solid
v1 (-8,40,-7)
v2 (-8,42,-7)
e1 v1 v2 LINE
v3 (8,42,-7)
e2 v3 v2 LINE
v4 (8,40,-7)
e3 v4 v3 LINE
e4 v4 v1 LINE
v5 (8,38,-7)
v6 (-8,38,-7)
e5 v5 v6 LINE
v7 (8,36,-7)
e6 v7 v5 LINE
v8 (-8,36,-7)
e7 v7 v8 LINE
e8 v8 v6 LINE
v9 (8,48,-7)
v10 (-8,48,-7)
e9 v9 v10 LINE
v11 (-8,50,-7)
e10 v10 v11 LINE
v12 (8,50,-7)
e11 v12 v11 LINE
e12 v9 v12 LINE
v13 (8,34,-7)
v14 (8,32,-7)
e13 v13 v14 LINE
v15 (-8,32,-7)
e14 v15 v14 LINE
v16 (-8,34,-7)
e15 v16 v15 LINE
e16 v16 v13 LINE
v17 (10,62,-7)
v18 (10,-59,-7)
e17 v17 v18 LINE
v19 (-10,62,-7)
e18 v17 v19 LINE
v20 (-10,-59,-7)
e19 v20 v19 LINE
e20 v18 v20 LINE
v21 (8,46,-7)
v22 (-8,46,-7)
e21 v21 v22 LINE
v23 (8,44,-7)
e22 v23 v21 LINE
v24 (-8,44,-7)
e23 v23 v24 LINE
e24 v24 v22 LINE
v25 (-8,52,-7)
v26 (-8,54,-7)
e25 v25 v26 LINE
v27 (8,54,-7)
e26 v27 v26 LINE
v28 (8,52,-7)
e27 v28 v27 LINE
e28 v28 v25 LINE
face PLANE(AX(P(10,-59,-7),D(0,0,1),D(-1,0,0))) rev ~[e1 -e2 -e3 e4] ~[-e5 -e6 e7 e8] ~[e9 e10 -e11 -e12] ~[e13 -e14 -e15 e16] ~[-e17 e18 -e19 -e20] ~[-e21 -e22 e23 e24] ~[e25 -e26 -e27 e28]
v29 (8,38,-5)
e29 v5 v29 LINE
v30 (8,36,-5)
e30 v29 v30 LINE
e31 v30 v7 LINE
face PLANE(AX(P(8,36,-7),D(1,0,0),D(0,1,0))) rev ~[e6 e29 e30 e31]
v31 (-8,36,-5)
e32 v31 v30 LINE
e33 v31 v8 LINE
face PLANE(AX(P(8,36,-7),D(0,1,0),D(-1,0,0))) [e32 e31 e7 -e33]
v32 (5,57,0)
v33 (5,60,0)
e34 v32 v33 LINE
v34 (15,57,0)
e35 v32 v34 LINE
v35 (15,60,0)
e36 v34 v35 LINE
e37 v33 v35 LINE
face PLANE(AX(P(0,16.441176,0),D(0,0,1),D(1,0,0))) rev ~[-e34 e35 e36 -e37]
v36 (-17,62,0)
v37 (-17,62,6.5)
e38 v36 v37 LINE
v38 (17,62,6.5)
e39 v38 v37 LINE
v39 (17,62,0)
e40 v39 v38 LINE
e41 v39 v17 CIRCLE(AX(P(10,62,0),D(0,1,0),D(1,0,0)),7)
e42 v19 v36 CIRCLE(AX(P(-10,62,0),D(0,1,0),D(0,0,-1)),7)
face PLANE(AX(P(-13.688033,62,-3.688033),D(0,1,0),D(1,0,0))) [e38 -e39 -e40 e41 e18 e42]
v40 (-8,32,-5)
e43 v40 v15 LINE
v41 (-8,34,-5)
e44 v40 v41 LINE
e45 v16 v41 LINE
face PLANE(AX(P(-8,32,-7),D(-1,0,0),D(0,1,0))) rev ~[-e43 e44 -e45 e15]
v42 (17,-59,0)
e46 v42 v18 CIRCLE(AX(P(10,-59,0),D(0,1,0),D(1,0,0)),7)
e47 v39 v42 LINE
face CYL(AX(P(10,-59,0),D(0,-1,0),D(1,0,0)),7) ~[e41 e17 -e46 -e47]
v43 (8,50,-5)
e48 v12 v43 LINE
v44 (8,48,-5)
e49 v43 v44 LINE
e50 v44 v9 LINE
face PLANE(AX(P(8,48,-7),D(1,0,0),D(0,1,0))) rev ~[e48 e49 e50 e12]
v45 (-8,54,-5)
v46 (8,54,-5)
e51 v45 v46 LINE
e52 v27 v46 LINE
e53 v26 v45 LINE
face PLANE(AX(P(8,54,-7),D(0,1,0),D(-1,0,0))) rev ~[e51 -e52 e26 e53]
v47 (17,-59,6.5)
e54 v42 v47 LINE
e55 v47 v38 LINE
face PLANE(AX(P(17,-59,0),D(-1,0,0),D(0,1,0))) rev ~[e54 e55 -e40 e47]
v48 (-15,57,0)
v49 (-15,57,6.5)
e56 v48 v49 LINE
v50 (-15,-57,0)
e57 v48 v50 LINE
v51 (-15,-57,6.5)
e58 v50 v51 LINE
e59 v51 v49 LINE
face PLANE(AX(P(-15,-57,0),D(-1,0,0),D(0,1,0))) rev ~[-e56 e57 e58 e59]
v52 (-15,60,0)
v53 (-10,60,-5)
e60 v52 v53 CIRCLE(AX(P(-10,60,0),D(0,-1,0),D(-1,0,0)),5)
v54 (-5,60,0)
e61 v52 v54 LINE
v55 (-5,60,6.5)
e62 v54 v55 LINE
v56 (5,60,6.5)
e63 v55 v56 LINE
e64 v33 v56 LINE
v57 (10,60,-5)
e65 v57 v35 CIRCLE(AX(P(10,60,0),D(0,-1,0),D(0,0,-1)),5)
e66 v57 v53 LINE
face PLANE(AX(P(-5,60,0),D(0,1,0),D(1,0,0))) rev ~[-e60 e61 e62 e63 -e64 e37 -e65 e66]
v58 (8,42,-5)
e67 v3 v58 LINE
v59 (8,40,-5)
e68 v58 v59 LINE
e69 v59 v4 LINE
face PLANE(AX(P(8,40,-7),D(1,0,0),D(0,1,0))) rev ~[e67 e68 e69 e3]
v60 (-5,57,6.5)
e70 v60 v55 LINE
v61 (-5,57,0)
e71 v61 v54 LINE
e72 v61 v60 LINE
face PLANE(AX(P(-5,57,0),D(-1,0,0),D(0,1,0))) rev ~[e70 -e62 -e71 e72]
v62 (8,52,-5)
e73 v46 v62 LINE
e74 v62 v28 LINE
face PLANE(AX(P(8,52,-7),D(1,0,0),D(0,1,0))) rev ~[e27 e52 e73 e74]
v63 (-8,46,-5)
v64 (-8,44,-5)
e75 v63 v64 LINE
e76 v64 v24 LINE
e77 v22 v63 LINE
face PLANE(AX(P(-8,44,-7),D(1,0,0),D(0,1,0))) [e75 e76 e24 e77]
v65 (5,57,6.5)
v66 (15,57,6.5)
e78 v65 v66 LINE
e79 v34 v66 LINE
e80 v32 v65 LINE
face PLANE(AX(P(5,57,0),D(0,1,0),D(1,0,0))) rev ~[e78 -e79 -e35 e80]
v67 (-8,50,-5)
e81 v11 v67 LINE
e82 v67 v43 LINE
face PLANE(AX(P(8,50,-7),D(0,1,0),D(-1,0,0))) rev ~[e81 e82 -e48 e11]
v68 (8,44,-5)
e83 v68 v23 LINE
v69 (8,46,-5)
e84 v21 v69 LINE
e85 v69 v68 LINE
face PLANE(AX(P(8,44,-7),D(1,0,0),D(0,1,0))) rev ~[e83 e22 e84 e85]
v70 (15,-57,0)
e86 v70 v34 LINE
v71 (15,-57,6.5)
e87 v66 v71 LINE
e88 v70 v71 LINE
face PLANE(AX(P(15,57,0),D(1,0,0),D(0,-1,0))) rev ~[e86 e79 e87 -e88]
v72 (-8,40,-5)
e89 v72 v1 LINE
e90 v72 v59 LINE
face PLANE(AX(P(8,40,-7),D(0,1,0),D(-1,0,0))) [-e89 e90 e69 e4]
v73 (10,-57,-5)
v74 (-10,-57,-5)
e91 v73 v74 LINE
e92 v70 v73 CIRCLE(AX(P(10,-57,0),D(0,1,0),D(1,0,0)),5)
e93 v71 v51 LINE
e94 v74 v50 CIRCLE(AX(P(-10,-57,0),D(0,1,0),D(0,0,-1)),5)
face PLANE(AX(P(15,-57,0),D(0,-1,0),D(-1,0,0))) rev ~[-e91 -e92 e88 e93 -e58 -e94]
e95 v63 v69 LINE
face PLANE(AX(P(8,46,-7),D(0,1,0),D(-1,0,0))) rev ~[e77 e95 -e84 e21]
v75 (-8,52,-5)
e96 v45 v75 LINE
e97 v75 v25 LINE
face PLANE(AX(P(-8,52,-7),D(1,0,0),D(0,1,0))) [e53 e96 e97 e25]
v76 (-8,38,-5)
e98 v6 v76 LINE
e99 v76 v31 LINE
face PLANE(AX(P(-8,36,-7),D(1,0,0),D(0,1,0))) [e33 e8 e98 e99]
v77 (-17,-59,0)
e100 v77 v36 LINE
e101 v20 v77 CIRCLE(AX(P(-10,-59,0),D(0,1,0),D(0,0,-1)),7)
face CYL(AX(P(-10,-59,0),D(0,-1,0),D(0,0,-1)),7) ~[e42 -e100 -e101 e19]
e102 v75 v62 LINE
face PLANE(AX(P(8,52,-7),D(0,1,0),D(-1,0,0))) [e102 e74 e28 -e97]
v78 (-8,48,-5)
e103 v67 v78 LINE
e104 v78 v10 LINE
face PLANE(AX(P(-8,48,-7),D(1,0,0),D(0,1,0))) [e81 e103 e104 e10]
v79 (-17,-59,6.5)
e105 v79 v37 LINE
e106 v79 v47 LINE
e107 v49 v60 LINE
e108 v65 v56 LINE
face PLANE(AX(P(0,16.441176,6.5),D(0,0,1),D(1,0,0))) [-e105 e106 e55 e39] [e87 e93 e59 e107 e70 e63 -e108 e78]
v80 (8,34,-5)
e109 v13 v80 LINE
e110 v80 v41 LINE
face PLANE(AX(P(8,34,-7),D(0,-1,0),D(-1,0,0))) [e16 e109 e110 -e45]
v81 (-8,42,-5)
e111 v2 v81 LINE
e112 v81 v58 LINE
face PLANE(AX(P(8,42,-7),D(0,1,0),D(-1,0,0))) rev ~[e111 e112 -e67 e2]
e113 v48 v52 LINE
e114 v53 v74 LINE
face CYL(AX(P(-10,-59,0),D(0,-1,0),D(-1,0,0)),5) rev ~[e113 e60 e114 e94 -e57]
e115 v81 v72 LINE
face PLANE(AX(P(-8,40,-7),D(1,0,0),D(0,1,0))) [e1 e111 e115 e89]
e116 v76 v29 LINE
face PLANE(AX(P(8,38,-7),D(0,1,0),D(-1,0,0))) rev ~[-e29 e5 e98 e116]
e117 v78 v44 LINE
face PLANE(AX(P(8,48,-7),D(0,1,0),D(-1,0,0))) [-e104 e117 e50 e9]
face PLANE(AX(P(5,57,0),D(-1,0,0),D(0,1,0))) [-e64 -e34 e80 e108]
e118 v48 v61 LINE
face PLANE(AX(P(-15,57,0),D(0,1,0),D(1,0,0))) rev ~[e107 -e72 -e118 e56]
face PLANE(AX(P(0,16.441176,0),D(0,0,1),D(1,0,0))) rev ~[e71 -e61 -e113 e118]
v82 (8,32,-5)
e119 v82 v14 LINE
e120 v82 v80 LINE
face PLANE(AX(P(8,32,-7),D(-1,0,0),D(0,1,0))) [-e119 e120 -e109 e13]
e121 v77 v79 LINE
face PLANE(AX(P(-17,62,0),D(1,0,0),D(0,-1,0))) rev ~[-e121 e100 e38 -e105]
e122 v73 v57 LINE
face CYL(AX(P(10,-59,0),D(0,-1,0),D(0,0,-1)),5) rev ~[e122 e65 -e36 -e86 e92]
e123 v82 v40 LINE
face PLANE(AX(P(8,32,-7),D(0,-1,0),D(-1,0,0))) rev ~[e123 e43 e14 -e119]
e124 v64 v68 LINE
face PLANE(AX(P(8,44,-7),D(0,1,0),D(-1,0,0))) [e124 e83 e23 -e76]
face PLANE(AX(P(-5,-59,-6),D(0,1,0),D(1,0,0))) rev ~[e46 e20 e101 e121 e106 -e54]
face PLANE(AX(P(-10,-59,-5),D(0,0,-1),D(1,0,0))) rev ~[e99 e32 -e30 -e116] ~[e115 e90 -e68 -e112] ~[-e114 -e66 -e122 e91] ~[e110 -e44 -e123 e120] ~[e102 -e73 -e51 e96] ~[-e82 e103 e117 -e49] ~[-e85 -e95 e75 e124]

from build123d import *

# Parameters (mm, degrees)
ESBO_O1_W                = 34
ESBO_O1_H                = 121
RESSALTO_EXTRUS_O1_DEPTH = 6.5
RESSALTO_EXTRUS_O2_DEPTH = 62
RESSALTO_EXTRUS_O3_START = -59
RESSALTO_EXTRUS_O3_DEPTH = 59
RESSALTO_EXTRUS_O4_DEPTH = 2
RESSALTO_EXTRUS_O5_START = -2
RESSALTO_EXTRUS_O5_DEPTH = 2
ESBO_O8_W                = 16
ESBO_O8_H                = 2
CORTE_EXTRUS_O1_DEPTH    = 10


with BuildPart() as part:
    # Esboço1 → Ressalto-extrusão1 (new body)
    with BuildSketch(Plane.XY):
        with Locations((0, 1.5)):
            Rectangle(ESBO_O1_W, ESBO_O1_H)
        Polygon((15, -57), (-15, -57), (-15, 57), (-5, 57), (-5, 60), (5, 60), (5, 57), (15, 57), align=None, mode=Mode.SUBTRACT)
    extrude(amount=RESSALTO_EXTRUS_O1_DEPTH)

    # Esboço4 → Ressalto-extrusão2 (add)
    with BuildSketch(Plane(origin=(0, 0, 0), x_dir=(1, 0, 0), z_dir=(0, 1, 0))):
        with BuildLine():
            ThreePointArc((-10, 7), (-14.949747468, 4.949747468), (-17, 0))
            Line((-17, 0), (-15, 0))
            ThreePointArc((-15, 0), (-13.535533906, 3.535533906), (-10, 5))
            Line((-10, 5), (10, 5))
            ThreePointArc((10, 5), (13.535533906, 3.535533906), (15, 0))
            Line((15, 0), (17, 0))
            ThreePointArc((17, 0), (14.949747468, 4.949747468), (10, 7))
            Line((10, 7), (-10, 7))
        make_face()
    extrude(amount=RESSALTO_EXTRUS_O2_DEPTH)

    # Esboço4<3> → Ressalto-extrusão3 (add)
    with BuildSketch(Plane(origin=(0, 0, 0), x_dir=(1, 0, 0), z_dir=(0, 1, 0)).offset(RESSALTO_EXTRUS_O3_START)):
        with BuildLine():
            ThreePointArc((-10, 7), (-14.949747468, 4.949747468), (-17, 0))
            Line((-17, 0), (-15, 0))
            ThreePointArc((-15, 0), (-13.535533906, 3.535533906), (-10, 5))
            Line((-10, 5), (10, 5))
            ThreePointArc((10, 5), (13.535533906, 3.535533906), (15, 0))
            Line((15, 0), (17, 0))
            ThreePointArc((17, 0), (14.949747468, 4.949747468), (10, 7))
            Line((10, 7), (-10, 7))
        make_face()
    extrude(amount=RESSALTO_EXTRUS_O3_DEPTH)

    # Esboço6 → Ressalto-extrusão4 (add)
    with BuildSketch(Plane.XZ.offset(59)):
        with BuildLine():
            Line((-17, 6.5), (-17, 0))
            ThreePointArc((-17, 0), (-14.949747468, -4.949747468), (-10, -7))
            Line((-10, -7), (10, -7))
            ThreePointArc((10, -7), (14.949747468, -4.949747468), (17, 0))
            Line((17, 0), (17, 6.5))
            Line((17, 6.5), (-17, 6.5))
        make_face()
    extrude(amount=-RESSALTO_EXTRUS_O4_DEPTH)

    # Esboço7 → Ressalto-extrusão5 (add)
    with BuildSketch(Plane(origin=(0, 62, 0), x_dir=(1, 0, 0), z_dir=(0, 1, 0)).offset(RESSALTO_EXTRUS_O5_START)):
        with BuildLine():
            Line((17, -6.5), (17, 0))
            ThreePointArc((17, 0), (14.949747468, 4.949747468), (10, 7))
            Line((10, 7), (-10, 7))
            ThreePointArc((-10, 7), (-14.949747468, 4.949747468), (-17, 0))
            Line((-17, 0), (-17, -6.5))
            Line((-17, -6.5), (17, -6.5))
        make_face()
    extrude(amount=RESSALTO_EXTRUS_O5_DEPTH)

    # Esboço8 → Corte-extrusão1 (cut, symmetric)
    with BuildSketch(Plane(origin=(0, 0, -7), x_dir=(-1, 0, 0), z_dir=(0, 0, -1))):
        with Locations((0, 33)):
            Rectangle(ESBO_O8_W, ESBO_O8_H)
        with Locations((0, 37)):
            Rectangle(ESBO_O8_W, ESBO_O8_H)
        with Locations((0, 41)):
            Rectangle(ESBO_O8_W, ESBO_O8_H)
        with Locations((0, 45)):
            Rectangle(ESBO_O8_W, ESBO_O8_H)
        with Locations((0, 49)):
            Rectangle(ESBO_O8_W, ESBO_O8_H)
        with Locations((0, 53)):
            Rectangle(ESBO_O8_W, ESBO_O8_H)
    extrude(amount=CORTE_EXTRUS_O1_DEPTH, both=True, mode=Mode.SUBTRACT)


solid = part.part
